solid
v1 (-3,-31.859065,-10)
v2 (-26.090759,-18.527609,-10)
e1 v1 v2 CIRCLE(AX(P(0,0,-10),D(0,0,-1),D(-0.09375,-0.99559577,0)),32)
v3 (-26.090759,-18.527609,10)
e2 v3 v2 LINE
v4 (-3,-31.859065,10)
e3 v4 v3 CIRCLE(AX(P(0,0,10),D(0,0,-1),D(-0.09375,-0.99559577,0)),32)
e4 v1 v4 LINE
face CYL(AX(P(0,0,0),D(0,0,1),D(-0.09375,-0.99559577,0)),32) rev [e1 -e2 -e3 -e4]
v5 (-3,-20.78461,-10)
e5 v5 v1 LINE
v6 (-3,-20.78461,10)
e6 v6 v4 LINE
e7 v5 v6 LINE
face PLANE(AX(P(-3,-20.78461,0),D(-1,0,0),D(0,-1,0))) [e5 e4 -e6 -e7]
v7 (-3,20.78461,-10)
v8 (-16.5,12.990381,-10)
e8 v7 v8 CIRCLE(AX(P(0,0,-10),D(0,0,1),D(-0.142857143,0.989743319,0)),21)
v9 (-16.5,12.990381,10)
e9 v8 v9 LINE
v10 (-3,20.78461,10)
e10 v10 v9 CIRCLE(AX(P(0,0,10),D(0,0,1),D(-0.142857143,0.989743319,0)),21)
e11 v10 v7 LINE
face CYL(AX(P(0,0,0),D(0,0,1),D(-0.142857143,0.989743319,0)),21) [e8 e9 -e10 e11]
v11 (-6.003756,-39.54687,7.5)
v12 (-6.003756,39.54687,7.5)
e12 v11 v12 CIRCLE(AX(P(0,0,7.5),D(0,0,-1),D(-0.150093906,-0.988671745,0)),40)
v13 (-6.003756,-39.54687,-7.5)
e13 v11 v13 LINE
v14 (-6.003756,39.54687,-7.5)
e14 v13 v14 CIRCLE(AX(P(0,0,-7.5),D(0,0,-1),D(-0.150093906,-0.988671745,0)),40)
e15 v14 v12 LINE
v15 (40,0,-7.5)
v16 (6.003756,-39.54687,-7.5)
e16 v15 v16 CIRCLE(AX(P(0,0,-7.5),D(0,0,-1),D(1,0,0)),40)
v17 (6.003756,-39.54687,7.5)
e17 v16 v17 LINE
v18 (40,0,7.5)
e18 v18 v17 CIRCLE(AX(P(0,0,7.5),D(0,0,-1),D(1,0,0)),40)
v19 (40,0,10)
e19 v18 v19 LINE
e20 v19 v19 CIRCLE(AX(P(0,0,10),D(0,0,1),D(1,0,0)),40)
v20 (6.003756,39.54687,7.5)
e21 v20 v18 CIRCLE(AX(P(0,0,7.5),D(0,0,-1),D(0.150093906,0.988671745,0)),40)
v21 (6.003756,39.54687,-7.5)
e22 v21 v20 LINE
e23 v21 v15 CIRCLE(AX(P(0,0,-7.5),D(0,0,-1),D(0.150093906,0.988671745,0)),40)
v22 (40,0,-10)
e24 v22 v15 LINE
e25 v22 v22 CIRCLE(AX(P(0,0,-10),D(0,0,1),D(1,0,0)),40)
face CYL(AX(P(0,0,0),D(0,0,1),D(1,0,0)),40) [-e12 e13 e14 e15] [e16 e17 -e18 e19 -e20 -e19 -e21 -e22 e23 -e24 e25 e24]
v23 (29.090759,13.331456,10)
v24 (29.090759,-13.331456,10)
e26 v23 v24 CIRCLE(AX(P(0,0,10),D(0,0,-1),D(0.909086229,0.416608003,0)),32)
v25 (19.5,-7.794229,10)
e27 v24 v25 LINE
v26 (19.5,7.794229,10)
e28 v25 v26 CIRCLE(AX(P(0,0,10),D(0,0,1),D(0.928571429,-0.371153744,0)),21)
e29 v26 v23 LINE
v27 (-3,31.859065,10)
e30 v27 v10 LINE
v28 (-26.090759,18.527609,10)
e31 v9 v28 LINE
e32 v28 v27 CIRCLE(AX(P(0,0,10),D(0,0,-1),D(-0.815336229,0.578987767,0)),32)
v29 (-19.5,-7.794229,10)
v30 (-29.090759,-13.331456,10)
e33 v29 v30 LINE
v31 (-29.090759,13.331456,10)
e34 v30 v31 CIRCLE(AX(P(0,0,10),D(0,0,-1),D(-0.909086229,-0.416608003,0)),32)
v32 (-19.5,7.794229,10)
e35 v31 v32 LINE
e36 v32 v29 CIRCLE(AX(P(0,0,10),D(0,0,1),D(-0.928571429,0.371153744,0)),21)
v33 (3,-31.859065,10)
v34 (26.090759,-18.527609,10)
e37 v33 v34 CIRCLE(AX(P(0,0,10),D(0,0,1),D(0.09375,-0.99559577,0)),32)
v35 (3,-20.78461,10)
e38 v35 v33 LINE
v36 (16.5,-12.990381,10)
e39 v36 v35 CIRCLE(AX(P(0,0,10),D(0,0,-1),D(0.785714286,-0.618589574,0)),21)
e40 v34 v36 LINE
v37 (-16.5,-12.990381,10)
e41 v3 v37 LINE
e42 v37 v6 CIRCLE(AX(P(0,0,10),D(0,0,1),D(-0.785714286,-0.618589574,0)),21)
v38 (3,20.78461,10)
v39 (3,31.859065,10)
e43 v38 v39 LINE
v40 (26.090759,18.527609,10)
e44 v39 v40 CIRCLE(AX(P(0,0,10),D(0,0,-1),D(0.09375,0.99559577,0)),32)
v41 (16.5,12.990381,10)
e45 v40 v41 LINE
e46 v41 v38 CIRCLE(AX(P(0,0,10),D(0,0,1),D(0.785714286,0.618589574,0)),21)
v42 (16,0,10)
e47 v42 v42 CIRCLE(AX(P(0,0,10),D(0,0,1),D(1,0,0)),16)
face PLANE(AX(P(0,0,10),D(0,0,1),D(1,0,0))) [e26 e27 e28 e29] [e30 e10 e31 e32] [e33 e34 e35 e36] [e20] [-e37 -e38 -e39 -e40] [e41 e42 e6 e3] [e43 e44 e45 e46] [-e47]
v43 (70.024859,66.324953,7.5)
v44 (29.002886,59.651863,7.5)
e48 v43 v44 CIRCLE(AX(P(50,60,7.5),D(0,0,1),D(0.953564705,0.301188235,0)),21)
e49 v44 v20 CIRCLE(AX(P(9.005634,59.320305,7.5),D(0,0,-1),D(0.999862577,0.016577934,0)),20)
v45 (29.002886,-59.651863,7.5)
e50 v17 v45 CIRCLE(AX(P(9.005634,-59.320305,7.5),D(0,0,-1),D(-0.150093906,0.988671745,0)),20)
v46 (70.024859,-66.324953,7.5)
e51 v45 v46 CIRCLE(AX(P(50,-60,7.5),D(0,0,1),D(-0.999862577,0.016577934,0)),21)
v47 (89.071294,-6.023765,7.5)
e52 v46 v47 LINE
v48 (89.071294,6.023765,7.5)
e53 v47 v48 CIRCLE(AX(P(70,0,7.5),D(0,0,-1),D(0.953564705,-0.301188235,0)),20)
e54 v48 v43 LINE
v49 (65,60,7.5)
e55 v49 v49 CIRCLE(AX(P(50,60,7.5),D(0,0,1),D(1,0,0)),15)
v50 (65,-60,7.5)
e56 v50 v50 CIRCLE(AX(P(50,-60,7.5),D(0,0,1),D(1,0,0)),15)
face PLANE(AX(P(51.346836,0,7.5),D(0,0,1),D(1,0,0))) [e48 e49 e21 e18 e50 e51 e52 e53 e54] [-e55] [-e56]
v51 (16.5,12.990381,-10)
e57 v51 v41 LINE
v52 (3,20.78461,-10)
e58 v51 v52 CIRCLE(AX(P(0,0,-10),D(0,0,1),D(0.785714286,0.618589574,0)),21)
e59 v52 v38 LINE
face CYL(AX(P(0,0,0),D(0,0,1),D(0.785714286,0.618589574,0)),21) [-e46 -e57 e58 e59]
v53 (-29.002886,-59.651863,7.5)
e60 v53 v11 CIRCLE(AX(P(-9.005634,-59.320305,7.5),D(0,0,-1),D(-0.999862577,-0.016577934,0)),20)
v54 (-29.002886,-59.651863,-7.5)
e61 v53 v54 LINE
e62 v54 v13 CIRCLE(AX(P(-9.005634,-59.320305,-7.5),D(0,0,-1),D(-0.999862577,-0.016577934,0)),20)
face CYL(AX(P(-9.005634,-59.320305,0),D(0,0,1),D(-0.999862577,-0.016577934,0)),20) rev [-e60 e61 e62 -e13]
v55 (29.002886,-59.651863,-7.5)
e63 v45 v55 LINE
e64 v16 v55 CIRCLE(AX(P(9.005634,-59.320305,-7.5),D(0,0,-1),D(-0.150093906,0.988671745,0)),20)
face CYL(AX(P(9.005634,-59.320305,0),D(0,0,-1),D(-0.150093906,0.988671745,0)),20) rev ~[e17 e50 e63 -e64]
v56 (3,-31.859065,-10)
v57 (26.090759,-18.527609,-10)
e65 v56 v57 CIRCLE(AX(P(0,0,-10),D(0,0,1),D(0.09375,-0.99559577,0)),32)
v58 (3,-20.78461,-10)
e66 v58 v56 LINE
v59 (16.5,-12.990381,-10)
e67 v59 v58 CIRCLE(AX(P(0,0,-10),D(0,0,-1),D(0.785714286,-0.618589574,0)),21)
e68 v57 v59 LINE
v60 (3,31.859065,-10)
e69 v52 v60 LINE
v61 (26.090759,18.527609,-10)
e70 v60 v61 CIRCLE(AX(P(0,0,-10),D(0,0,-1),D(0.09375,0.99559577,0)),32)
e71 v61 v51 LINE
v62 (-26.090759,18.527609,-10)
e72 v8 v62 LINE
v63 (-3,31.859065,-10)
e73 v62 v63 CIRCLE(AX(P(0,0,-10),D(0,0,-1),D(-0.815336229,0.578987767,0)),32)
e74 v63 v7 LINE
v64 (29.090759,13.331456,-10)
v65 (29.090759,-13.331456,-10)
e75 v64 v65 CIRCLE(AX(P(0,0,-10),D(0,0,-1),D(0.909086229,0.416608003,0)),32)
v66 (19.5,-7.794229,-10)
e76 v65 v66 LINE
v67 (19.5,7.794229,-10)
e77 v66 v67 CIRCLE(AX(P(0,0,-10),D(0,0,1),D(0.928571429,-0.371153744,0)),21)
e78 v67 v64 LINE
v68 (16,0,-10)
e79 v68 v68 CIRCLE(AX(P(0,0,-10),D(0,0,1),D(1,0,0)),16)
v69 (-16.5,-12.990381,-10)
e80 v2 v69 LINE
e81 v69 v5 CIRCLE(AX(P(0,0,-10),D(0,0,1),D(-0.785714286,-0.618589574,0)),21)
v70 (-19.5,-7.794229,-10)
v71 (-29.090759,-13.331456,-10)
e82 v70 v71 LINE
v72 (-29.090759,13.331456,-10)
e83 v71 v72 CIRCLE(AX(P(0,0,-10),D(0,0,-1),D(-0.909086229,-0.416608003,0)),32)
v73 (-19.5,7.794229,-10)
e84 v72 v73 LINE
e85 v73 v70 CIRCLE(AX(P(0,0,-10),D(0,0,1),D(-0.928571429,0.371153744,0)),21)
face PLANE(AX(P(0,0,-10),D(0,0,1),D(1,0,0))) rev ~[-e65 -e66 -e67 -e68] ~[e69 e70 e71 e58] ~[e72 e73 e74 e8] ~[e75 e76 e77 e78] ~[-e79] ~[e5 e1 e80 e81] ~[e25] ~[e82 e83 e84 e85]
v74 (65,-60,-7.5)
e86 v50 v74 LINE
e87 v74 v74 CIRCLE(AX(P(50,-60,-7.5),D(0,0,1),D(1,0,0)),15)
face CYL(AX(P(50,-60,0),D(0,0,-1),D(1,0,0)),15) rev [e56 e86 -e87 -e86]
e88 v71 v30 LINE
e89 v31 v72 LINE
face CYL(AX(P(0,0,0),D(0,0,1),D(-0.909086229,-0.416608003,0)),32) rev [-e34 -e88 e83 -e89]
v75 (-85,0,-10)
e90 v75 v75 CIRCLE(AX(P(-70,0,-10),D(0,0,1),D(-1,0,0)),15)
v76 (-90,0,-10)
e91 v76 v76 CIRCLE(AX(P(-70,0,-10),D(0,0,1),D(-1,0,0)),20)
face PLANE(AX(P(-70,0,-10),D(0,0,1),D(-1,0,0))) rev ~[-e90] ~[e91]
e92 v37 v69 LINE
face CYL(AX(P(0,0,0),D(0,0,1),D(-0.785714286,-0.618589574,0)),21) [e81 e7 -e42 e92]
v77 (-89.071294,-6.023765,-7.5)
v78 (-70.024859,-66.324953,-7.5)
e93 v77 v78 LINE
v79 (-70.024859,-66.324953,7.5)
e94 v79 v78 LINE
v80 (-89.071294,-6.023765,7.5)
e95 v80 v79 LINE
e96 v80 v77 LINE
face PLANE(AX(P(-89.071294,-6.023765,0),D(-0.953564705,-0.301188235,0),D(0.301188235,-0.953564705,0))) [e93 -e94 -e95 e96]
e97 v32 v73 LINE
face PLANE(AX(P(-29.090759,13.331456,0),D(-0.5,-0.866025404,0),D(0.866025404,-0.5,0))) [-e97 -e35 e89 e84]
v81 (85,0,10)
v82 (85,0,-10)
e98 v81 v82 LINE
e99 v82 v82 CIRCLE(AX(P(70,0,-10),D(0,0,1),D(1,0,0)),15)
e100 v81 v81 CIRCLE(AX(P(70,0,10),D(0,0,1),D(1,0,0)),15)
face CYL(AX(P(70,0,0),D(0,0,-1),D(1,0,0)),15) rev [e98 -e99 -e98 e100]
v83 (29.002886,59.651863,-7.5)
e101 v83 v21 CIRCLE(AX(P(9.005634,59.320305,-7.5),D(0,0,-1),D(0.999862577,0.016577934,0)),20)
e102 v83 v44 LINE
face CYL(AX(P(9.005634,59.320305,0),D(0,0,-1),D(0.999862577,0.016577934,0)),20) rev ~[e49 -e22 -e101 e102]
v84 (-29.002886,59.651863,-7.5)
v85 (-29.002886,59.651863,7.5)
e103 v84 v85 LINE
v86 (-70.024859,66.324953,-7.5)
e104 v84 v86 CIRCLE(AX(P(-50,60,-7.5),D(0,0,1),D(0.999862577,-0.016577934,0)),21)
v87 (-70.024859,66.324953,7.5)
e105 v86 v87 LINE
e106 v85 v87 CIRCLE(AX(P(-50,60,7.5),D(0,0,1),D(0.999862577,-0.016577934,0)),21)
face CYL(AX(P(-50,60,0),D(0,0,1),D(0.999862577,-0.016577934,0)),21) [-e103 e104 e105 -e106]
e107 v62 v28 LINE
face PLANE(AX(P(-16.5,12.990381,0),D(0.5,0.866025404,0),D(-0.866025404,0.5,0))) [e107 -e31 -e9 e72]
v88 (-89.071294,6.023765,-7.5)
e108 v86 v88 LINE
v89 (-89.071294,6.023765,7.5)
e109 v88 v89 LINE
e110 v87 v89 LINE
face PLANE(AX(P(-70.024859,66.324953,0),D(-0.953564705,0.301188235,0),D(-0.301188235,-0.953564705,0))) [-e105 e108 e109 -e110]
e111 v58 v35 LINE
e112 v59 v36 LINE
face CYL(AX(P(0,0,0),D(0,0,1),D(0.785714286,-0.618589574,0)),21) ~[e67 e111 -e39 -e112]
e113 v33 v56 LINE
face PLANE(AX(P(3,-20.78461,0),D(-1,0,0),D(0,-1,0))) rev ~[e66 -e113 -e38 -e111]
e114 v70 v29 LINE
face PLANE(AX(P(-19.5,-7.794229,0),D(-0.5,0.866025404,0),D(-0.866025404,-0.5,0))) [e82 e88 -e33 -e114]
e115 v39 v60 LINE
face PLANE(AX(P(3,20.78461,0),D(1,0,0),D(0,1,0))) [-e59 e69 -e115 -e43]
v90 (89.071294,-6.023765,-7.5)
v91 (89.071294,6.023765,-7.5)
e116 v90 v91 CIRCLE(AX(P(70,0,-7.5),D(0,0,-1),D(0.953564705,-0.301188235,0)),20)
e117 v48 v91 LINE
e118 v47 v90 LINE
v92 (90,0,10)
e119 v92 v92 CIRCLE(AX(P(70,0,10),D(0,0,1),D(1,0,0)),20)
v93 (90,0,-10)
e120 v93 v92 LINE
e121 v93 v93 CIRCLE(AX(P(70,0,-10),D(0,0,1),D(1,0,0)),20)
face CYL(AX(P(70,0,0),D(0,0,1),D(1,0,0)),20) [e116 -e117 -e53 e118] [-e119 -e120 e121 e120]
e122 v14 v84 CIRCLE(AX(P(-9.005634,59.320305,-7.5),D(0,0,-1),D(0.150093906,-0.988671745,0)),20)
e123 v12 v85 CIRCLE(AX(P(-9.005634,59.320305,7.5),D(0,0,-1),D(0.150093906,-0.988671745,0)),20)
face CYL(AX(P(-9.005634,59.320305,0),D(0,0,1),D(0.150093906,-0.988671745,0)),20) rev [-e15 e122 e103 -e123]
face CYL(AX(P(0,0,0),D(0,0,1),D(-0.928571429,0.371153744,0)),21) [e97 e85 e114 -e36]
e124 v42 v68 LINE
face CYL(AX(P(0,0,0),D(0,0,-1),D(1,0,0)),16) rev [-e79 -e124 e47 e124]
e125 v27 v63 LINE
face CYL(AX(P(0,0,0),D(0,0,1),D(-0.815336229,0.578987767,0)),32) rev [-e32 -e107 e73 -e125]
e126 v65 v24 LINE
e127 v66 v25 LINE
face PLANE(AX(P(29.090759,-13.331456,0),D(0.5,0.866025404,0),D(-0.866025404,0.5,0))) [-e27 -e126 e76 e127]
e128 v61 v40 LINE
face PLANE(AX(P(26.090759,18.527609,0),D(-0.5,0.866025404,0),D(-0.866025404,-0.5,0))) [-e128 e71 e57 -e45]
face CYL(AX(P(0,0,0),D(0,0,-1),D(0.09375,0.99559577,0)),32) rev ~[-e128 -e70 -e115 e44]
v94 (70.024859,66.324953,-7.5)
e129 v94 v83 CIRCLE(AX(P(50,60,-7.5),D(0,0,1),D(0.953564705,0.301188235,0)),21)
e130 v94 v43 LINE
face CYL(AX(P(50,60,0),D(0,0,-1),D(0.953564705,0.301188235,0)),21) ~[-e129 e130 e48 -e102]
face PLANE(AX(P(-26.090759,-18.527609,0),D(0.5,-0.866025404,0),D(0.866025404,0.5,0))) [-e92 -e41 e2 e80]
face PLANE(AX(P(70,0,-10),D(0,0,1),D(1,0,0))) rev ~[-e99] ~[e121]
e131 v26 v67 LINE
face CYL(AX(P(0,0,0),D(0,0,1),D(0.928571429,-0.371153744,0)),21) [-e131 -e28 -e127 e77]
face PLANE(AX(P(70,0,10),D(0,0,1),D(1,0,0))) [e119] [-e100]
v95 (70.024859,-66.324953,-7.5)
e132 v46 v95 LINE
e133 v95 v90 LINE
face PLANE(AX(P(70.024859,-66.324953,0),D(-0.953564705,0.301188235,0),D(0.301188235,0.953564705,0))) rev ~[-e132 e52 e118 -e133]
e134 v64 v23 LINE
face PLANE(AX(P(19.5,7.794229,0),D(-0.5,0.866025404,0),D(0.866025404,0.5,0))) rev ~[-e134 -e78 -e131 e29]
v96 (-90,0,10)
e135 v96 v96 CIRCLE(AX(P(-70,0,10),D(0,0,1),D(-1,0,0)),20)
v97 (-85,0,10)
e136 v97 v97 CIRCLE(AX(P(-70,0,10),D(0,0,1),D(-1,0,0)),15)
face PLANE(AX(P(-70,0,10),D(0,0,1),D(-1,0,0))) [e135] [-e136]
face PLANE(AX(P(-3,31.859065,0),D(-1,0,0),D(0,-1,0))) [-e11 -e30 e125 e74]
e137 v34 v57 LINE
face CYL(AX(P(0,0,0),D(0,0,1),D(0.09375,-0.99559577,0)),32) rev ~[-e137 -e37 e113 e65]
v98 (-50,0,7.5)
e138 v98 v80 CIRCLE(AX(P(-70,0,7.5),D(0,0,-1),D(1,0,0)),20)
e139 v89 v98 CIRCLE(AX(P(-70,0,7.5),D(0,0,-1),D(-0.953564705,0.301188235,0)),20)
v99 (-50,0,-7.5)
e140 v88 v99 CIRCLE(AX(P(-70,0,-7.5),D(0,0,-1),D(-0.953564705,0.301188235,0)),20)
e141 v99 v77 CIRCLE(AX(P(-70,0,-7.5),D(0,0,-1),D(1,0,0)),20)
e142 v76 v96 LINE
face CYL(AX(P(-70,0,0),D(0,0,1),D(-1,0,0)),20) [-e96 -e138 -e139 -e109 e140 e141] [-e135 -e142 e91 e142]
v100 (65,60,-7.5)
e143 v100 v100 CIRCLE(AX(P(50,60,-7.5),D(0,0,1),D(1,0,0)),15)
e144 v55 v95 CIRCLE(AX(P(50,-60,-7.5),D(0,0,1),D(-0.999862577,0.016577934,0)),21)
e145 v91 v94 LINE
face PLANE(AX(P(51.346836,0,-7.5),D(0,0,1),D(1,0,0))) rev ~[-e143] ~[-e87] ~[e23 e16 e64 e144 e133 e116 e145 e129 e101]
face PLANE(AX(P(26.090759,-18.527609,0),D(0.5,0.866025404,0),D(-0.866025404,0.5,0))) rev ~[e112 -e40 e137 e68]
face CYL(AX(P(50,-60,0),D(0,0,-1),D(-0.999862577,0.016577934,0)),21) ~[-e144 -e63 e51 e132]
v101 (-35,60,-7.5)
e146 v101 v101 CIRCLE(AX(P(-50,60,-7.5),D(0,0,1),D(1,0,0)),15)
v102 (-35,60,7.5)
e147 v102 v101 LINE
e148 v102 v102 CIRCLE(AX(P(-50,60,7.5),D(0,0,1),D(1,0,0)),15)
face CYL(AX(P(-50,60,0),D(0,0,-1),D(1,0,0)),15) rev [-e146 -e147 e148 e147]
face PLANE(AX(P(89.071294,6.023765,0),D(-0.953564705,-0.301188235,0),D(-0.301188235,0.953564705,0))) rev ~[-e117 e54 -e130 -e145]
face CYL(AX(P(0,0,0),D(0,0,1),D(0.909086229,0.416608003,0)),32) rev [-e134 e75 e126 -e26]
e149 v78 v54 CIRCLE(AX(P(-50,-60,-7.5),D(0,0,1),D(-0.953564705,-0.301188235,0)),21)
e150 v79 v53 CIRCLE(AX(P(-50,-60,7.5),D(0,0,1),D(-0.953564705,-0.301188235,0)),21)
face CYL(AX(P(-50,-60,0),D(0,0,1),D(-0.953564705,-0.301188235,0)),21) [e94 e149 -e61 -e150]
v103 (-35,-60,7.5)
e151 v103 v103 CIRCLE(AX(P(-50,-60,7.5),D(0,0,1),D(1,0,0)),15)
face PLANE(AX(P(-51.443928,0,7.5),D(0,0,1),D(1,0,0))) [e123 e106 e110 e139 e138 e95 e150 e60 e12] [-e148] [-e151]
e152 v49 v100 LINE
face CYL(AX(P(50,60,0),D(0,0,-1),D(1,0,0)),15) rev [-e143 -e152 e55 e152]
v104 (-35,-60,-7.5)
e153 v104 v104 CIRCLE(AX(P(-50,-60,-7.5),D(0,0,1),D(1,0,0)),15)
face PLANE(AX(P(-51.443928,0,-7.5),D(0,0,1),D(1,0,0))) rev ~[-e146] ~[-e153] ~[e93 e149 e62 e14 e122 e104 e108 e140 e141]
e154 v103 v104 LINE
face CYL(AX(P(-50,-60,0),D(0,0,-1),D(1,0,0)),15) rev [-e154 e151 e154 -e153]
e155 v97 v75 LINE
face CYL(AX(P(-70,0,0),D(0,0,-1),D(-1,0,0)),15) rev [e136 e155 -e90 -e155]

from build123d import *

# Parameters (mm, degrees)
SKETCH1_R             = 20
SKETCH1_R_2           = 15
BOSS_EXTRUDE2_DEPTH   = 10
SKETCH1_R_3           = 40
SKETCH1_R_4           = 16
BOSS_EXTRUDE2_2_DEPTH = 10
BOSS_EXTRUDE2_3_DEPTH = 10
SKETCH1_4_R           = 15
BOSS_EXTRUDE3_DEPTH   = 7.5


with BuildPart() as part:
    # Sketch1 → Boss-Extrude2 (new, symmetric)
    with BuildSketch(Plane.XY):
        with Locations((70, 0)):
            Circle(SKETCH1_R)
        with Locations((70, 0)):
            Circle(SKETCH1_R_2, mode=Mode.SUBTRACT)
    extrude(amount=BOSS_EXTRUDE2_DEPTH, both=True)



with BuildPart() as body_2:
    # Sketch1 → Boss-Extrude2 2 (new, symmetric)
    with BuildSketch(Plane.XY):
        Circle(SKETCH1_R_3)
        with BuildLine():
            ThreePointArc((-16.5, -12.990381057), (-10.5, -18.186533479), (-3, -20.784609691))
            Line((-3, -20.784609691), (-3, -31.859064644))
            ThreePointArc((-3, -31.859064644), (-16, -27.712812921), (-26.090759323, -18.527608533))
            Line((-26.090759323, -18.527608533), (-16.5, -12.990381057))
        make_face(mode=Mode.SUBTRACT)
        with BuildLine():
            Line((3, -31.859064644), (3, -20.784609691))
            ThreePointArc((3, -20.784609691), (10.5, -18.186533479), (16.5, -12.990381057))
            Line((16.5, -12.990381057), (26.090759323, -18.527608533))
            ThreePointArc((26.090759323, -18.527608533), (16, -27.712812921), (3, -31.859064644))
        make_face(mode=Mode.SUBTRACT)
        Circle(SKETCH1_R_4, mode=Mode.SUBTRACT)
        with BuildLine():
            ThreePointArc((19.5, -7.794228634), (21, 0), (19.5, 7.794228634))
            Line((19.5, 7.794228634), (29.090759323, 13.331456111))
            ThreePointArc((29.090759323, 13.331456111), (32, 0), (29.090759323, -13.331456111))
            Line((29.090759323, -13.331456111), (19.5, -7.794228634))
        make_face(mode=Mode.SUBTRACT)
        with BuildLine():
            ThreePointArc((-19.5, 7.794228634), (-21, 0), (-19.5, -7.794228634))
            Line((-19.5, -7.794228634), (-29.090759323, -13.331456111))
            ThreePointArc((-29.090759323, -13.331456111), (-32, 0), (-29.090759323, 13.331456111))
            Line((-29.090759323, 13.331456111), (-19.5, 7.794228634))
        make_face(mode=Mode.SUBTRACT)
        with BuildLine():
            ThreePointArc((-3, 20.784609691), (-10.5, 18.186533479), (-16.5, 12.990381057))
            Line((-16.5, 12.990381057), (-26.090759323, 18.527608533))
            ThreePointArc((-26.090759323, 18.527608533), (-16, 27.712812921), (-3, 31.859064644))
            Line((-3, 31.859064644), (-3, 20.784609691))
        make_face(mode=Mode.SUBTRACT)
        with BuildLine():
            ThreePointArc((16.5, 12.990381057), (10.5, 18.186533479), (3, 20.784609691))
            Line((3, 20.784609691), (3, 31.859064644))
            ThreePointArc((3, 31.859064644), (16, 27.712812921), (26.090759323, 18.527608533))
            Line((26.090759323, 18.527608533), (16.5, 12.990381057))
        make_face(mode=Mode.SUBTRACT)
    extrude(amount=BOSS_EXTRUDE2_2_DEPTH, both=True)


with BuildPart() as body_3:
    # Sketch1 → Boss-Extrude2 3 (new, symmetric)
    with BuildSketch(Plane.XY):
        with Locations((-70, 0)):
            Circle(SKETCH1_R)
        with Locations((-70, 0)):
            Circle(SKETCH1_R_2, mode=Mode.SUBTRACT)
    extrude(amount=BOSS_EXTRUDE2_3_DEPTH, both=True)


with BuildPart() as part_1:
    add(part.part)

    add(body_2.part)  # Boss-Extrude3 merges body 2

    add(body_3.part)  # Boss-Extrude3 merges body 3
    # Sketch1<4> → Boss-Extrude3 (add, symmetric)
    # profile 1 of 2: a face of its own
    with BuildSketch(Plane.XY):
        with BuildLine():
            Line((89.071294105, 6.023764702), (70.02485881, 66.324952937))
            ThreePointArc((70.02485881, 66.324952937), (46.6282273, 80.727545655), (29.002885891, 59.651863383))
            ThreePointArc((29.002885891, 59.651863383), (22.168588856, 44.262528341), (6.003756239, 39.546869801))
            ThreePointArc((6.003756239, 39.546869801), (40, 0), (6.003756239, -39.546869801))
            ThreePointArc((6.003756239, -39.546869801), (22.168588856, -44.262528341), (29.002885891, -59.651863383))
            ThreePointArc((29.002885891, -59.651863383), (46.6282273, -80.727545655), (70.02485881, -66.324952937))
            Line((70.02485881, -66.324952937), (89.071294105, -6.023764702))
            ThreePointArc((89.071294105, -6.023764702), (50, 0), (89.071294105, 6.023764702))
        make_face()
        with Locations((50, -60)):
            Circle(SKETCH1_4_R, mode=Mode.SUBTRACT)
        with Locations((50, 60)):
            Circle(SKETCH1_4_R, mode=Mode.SUBTRACT)
    # profile 2 of 2: a face of its own
    with BuildSketch(Plane.XY):
        with BuildLine():
            ThreePointArc((-6.003756239, -39.546869801), (-40, 0), (-6.003756239, 39.546869801))
            ThreePointArc((-6.003756239, 39.546869801), (-22.168588856, 44.262528341), (-29.002885891, 59.651863383))
            ThreePointArc((-29.002885891, 59.651863383), (-46.6282273, 80.727545655), (-70.02485881, 66.324952937))
            Line((-70.02485881, 66.324952937), (-89.071294105, 6.023764702))
            ThreePointArc((-89.071294105, 6.023764702), (-50, 0), (-89.071294105, -6.023764702))
            Line((-89.071294105, -6.023764702), (-70.02485881, -66.324952937))
            ThreePointArc((-70.02485881, -66.324952937), (-46.6282273, -80.727545655), (-29.002885891, -59.651863383))
            ThreePointArc((-29.002885891, -59.651863383), (-22.168588856, -44.262528341), (-6.003756239, -39.546869801))
        make_face()
        with Locations((-50, -60)):
            Circle(SKETCH1_4_R, mode=Mode.SUBTRACT)
        with Locations((-50, 60)):
            Circle(SKETCH1_4_R, mode=Mode.SUBTRACT)
    extrude(amount=BOSS_EXTRUDE3_DEPTH, both=True)


solid = part_1.part
